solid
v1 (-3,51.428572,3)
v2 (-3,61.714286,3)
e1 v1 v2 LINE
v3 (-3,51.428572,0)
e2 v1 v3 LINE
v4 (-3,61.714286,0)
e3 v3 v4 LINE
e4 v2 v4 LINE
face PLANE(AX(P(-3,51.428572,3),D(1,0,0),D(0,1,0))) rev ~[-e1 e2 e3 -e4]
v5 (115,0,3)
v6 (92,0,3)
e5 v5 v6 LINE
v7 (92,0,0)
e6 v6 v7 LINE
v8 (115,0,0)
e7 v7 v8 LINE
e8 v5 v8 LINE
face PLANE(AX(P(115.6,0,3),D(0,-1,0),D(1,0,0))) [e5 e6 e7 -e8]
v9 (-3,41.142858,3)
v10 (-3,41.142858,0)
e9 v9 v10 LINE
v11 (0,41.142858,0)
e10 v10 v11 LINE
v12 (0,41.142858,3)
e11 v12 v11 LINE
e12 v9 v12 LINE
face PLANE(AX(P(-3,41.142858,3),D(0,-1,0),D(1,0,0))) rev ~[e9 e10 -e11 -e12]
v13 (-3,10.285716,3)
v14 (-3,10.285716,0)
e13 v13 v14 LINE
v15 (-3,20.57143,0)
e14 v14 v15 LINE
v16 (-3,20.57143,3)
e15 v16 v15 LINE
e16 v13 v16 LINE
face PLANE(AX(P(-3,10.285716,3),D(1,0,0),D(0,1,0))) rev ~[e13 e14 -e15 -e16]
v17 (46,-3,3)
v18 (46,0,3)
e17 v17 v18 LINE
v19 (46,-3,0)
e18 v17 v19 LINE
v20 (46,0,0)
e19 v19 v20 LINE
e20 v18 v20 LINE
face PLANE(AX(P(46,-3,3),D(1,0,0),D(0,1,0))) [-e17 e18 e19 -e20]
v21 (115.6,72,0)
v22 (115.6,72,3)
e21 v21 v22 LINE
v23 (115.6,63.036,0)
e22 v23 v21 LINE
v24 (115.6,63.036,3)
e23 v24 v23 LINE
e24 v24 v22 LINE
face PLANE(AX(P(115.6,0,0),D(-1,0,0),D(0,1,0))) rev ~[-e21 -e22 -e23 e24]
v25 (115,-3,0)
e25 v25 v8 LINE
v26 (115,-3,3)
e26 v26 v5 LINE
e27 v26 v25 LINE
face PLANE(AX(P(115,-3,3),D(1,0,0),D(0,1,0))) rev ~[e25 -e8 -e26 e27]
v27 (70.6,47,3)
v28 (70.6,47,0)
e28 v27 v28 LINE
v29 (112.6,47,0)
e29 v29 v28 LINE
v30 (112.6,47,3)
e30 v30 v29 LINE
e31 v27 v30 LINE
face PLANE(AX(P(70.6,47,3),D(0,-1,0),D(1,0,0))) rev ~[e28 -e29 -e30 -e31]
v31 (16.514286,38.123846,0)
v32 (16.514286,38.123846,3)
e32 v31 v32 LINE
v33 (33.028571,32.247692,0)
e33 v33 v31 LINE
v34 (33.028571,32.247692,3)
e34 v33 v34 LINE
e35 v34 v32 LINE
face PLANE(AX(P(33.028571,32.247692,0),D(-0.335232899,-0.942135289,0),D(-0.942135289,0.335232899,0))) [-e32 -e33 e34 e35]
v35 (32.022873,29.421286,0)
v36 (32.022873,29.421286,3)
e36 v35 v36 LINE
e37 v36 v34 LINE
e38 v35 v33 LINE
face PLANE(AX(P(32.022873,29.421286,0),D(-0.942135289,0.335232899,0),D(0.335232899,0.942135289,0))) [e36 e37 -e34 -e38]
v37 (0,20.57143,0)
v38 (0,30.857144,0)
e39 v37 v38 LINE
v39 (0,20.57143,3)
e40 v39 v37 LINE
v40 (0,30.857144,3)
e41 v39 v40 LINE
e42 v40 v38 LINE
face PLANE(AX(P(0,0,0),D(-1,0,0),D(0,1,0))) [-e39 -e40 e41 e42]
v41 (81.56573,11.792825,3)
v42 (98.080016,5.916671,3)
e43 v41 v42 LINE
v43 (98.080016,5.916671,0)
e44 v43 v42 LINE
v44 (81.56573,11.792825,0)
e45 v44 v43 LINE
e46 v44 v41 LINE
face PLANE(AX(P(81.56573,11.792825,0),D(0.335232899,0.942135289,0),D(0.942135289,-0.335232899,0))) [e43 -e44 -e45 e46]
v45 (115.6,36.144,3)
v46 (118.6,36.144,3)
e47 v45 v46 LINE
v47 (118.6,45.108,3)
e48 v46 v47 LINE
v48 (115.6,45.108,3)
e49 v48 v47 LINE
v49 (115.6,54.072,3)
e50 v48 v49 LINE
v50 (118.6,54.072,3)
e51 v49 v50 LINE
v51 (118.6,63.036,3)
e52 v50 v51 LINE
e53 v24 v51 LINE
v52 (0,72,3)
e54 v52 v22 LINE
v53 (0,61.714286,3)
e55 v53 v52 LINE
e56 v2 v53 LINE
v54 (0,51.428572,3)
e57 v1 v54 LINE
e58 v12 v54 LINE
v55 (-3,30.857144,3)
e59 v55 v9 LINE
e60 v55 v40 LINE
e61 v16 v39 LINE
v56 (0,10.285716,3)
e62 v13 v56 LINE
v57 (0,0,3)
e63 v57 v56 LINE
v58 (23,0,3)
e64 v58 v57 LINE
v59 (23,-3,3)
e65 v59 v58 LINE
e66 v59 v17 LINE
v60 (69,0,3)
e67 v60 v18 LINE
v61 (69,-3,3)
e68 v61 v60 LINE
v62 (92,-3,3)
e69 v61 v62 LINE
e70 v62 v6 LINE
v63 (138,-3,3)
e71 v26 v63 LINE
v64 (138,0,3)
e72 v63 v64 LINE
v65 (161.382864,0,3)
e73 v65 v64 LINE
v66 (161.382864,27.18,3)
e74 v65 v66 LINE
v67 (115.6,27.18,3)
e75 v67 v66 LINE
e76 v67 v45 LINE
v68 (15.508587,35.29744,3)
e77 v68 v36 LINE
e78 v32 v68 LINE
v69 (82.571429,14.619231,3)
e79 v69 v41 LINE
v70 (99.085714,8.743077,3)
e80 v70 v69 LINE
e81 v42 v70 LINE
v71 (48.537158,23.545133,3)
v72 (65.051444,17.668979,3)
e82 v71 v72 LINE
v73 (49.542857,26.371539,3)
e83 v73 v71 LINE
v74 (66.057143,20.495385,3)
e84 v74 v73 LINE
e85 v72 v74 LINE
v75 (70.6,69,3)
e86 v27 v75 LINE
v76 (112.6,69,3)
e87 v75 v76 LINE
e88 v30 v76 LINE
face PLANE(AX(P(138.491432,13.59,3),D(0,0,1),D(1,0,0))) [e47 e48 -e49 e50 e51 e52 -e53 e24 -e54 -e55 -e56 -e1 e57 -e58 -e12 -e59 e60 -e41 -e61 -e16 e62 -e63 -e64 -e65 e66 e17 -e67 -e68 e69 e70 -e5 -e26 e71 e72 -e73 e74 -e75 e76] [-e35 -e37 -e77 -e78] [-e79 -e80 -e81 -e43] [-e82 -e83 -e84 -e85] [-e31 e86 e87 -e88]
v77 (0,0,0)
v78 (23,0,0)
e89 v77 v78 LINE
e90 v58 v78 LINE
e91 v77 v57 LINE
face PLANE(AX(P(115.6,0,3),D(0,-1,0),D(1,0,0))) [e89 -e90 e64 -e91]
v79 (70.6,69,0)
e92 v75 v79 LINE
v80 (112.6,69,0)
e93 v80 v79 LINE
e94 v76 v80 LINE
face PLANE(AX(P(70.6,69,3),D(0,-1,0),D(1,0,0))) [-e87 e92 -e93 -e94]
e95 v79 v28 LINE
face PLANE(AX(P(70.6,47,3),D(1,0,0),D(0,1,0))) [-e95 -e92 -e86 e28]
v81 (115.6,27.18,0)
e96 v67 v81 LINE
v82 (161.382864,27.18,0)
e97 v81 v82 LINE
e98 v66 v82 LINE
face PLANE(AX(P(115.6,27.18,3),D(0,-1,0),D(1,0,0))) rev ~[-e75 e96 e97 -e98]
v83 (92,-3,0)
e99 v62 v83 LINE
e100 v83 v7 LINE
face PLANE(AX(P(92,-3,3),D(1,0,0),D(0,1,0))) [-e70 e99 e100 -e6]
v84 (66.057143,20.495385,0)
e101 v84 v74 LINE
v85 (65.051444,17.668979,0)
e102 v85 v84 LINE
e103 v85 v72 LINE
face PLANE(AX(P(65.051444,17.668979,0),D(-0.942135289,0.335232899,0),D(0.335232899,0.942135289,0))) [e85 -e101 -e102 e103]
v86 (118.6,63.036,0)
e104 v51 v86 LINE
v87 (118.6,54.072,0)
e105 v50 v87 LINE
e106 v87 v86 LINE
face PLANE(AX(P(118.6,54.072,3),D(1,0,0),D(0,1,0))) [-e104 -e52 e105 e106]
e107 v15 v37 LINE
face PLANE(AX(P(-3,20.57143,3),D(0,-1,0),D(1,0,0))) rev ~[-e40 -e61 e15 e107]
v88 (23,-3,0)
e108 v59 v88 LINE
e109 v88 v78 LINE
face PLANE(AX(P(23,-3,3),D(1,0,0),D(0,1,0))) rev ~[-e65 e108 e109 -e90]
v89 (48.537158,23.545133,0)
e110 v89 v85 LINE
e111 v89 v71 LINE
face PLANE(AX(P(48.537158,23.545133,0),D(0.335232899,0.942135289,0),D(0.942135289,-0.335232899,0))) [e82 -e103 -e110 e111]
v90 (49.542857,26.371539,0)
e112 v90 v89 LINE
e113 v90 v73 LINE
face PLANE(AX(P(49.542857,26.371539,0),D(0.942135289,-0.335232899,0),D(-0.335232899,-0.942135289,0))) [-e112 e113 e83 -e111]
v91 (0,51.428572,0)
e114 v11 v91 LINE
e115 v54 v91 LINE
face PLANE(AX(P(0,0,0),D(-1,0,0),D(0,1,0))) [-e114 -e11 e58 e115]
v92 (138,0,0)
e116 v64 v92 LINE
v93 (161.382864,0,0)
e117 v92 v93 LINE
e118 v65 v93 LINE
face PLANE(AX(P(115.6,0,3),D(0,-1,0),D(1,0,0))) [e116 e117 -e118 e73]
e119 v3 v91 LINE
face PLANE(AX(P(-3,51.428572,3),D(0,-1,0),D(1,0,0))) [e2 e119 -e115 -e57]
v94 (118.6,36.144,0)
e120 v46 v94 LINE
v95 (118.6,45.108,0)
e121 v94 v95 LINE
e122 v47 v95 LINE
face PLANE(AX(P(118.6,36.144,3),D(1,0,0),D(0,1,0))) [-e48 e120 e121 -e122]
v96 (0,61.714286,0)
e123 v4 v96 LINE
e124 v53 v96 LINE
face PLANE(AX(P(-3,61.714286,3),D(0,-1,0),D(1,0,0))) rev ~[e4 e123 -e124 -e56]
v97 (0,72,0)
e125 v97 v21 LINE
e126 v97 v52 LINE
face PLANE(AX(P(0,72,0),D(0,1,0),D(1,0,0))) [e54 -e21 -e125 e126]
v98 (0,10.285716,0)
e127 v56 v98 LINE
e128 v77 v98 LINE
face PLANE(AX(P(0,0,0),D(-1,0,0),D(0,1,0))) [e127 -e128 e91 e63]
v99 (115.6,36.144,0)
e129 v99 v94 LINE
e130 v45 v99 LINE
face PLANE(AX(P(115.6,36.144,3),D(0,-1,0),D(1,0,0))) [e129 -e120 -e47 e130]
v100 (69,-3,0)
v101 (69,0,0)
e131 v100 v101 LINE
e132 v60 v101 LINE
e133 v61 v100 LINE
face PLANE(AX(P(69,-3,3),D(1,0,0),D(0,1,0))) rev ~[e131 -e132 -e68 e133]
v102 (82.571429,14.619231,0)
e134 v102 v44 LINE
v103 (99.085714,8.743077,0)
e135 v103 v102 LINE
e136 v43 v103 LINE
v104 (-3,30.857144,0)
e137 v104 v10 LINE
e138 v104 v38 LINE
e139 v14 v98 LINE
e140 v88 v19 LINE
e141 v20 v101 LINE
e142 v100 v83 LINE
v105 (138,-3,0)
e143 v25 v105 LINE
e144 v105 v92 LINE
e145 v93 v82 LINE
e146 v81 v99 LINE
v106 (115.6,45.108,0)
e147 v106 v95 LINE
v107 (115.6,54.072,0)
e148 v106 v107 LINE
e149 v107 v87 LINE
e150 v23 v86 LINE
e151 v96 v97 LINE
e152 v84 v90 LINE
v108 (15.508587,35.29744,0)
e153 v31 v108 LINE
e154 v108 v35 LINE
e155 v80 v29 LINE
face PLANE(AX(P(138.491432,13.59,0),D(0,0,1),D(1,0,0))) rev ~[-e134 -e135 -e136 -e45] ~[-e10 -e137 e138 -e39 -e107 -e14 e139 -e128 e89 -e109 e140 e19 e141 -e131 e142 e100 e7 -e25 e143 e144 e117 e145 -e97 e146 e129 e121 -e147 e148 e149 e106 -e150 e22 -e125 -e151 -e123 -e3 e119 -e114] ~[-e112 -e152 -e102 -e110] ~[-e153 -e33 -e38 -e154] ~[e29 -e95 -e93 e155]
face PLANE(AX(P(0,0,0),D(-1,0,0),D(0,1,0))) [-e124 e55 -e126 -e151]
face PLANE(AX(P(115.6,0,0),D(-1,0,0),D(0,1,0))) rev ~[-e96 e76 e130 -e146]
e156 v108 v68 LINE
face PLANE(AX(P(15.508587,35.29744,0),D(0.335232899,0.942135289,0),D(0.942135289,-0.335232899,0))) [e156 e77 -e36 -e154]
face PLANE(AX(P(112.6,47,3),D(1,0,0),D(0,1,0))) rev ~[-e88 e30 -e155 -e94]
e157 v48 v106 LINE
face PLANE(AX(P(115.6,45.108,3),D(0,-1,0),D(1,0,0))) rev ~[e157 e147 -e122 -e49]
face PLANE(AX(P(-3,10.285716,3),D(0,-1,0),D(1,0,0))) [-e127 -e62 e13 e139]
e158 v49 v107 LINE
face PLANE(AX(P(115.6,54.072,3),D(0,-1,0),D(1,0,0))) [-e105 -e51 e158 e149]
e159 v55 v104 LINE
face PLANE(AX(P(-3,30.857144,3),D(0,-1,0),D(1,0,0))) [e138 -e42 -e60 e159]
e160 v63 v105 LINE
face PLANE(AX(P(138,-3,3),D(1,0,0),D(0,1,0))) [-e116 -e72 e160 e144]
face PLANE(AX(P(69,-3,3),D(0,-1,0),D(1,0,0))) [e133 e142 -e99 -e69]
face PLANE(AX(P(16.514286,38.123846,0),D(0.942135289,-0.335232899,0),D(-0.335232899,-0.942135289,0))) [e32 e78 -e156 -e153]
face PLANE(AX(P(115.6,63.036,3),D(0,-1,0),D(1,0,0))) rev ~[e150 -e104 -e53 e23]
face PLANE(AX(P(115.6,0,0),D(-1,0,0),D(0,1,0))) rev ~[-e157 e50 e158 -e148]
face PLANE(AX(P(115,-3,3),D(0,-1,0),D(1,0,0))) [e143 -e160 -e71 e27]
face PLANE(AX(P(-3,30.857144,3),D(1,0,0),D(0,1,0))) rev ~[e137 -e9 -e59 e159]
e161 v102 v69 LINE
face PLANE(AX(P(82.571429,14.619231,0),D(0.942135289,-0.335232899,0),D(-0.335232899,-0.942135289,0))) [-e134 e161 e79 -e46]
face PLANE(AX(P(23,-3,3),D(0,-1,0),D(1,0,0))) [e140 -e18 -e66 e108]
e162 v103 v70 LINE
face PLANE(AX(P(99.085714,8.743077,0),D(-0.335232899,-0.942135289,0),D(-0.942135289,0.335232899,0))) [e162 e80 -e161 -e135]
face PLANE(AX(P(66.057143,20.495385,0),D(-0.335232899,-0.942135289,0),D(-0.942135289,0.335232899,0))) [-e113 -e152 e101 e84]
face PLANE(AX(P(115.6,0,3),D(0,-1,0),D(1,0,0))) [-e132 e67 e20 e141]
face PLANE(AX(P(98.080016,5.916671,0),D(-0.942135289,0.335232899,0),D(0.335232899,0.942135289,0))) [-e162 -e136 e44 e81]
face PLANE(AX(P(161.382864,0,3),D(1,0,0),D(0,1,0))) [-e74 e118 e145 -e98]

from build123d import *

# Parameters (mm, degrees)
SKETCH1_W           = 115.6
SKETCH1_H           = 72
BOSS_EXTRUDE1_DEPTH = 3
CUT_EXTRUDE1_REACH  = 5
SKETCH2_W           = 42
SKETCH2_H           = 22
SKETCH3_W           = 3
SKETCH3_H           = 8.964
SKETCH3_H_2         = 10.285714
BOSS_EXTRUDE2_DEPTH = 3
SKETCH4_W           = 45.782864491
SKETCH4_H           = 27.18
BOSS_EXTRUDE3_DEPTH = 3
SKETCH5_W           = 23
SKETCH5_H           = 3
BOSS_EXTRUDE4_DEPTH = 3


with BuildPart() as part:
    # Sketch1 → Boss-Extrude1 (new body)
    with BuildSketch(Plane.XY):
        with Locations((57.8, 36)):
            Rectangle(SKETCH1_W, SKETCH1_H)
        Polygon((16.514285714, 38.123846184), (15.508587017, 35.297440316), (32.022872733, 29.421286499), (33.02857143, 32.247692367), align=None, mode=Mode.SUBTRACT)
        Polygon((49.542857146, 26.37153855), (48.537158448, 23.545132682), (65.051444164, 17.668978865), (66.057142861, 20.495384733), align=None, mode=Mode.SUBTRACT)
        Polygon((82.571428577, 14.619230916), (81.56572988, 11.792825048), (98.080015595, 5.916671232), (99.085714292, 8.743077099), align=None, mode=Mode.SUBTRACT)
    extrude(amount=BOSS_EXTRUDE1_DEPTH)

    # Sketch2 → Cut-Extrude1 (cut, up to next)
    with BuildSketch(Plane.XY.offset(3), mode=Mode.PRIVATE) as cut_extrude1_sk1:
        with Locations((91.6, 58)):
            Rectangle(SKETCH2_W, SKETCH2_H)
    cut_extrude1_tool1 = extrude(cut_extrude1_sk1.sketch, amount=-CUT_EXTRUDE1_REACH, mode=Mode.PRIVATE) & part.part
    add(cut_extrude1_tool1.solids().sort_by_distance((91.6, 58, 3))[0], mode=Mode.SUBTRACT)

    # Sketch3 → Boss-Extrude2 (add)
    with BuildSketch(Plane.XY.offset(3)):
        with Locations((117.1, 58.554)):
            Rectangle(SKETCH3_W, SKETCH3_H)
        with Locations((117.1, 40.626)):
            Rectangle(SKETCH3_W, SKETCH3_H)
        with Locations((-1.5, 56.571428714)):
            Rectangle(SKETCH3_W, SKETCH3_H_2)
        with Locations((-1.5, 36.000000714)):
            Rectangle(SKETCH3_W, SKETCH3_H_2)
        with Locations((-1.5, 15.428572714)):
            Rectangle(SKETCH3_W, SKETCH3_H_2)
    extrude(amount=-BOSS_EXTRUDE2_DEPTH)

    # Sketch4 → Boss-Extrude3 (add)
    with BuildSketch(Plane.XY.offset(3)):
        with Locations((138.491432246, 13.59)):
            Rectangle(SKETCH4_W, SKETCH4_H)
    extrude(amount=-BOSS_EXTRUDE3_DEPTH)

    # Sketch5 → Boss-Extrude4 (add)
    with BuildSketch(Plane.XY.offset(3)):
        with Locations((34.5, -1.5)):
            Rectangle(SKETCH5_W, SKETCH5_H)
        with Locations((80.5, -1.5)):
            Rectangle(SKETCH5_W, SKETCH5_H)
        with Locations((126.5, -1.5)):
            Rectangle(SKETCH5_W, SKETCH5_H)
    extrude(amount=-BOSS_EXTRUDE4_DEPTH)


solid = part.part
